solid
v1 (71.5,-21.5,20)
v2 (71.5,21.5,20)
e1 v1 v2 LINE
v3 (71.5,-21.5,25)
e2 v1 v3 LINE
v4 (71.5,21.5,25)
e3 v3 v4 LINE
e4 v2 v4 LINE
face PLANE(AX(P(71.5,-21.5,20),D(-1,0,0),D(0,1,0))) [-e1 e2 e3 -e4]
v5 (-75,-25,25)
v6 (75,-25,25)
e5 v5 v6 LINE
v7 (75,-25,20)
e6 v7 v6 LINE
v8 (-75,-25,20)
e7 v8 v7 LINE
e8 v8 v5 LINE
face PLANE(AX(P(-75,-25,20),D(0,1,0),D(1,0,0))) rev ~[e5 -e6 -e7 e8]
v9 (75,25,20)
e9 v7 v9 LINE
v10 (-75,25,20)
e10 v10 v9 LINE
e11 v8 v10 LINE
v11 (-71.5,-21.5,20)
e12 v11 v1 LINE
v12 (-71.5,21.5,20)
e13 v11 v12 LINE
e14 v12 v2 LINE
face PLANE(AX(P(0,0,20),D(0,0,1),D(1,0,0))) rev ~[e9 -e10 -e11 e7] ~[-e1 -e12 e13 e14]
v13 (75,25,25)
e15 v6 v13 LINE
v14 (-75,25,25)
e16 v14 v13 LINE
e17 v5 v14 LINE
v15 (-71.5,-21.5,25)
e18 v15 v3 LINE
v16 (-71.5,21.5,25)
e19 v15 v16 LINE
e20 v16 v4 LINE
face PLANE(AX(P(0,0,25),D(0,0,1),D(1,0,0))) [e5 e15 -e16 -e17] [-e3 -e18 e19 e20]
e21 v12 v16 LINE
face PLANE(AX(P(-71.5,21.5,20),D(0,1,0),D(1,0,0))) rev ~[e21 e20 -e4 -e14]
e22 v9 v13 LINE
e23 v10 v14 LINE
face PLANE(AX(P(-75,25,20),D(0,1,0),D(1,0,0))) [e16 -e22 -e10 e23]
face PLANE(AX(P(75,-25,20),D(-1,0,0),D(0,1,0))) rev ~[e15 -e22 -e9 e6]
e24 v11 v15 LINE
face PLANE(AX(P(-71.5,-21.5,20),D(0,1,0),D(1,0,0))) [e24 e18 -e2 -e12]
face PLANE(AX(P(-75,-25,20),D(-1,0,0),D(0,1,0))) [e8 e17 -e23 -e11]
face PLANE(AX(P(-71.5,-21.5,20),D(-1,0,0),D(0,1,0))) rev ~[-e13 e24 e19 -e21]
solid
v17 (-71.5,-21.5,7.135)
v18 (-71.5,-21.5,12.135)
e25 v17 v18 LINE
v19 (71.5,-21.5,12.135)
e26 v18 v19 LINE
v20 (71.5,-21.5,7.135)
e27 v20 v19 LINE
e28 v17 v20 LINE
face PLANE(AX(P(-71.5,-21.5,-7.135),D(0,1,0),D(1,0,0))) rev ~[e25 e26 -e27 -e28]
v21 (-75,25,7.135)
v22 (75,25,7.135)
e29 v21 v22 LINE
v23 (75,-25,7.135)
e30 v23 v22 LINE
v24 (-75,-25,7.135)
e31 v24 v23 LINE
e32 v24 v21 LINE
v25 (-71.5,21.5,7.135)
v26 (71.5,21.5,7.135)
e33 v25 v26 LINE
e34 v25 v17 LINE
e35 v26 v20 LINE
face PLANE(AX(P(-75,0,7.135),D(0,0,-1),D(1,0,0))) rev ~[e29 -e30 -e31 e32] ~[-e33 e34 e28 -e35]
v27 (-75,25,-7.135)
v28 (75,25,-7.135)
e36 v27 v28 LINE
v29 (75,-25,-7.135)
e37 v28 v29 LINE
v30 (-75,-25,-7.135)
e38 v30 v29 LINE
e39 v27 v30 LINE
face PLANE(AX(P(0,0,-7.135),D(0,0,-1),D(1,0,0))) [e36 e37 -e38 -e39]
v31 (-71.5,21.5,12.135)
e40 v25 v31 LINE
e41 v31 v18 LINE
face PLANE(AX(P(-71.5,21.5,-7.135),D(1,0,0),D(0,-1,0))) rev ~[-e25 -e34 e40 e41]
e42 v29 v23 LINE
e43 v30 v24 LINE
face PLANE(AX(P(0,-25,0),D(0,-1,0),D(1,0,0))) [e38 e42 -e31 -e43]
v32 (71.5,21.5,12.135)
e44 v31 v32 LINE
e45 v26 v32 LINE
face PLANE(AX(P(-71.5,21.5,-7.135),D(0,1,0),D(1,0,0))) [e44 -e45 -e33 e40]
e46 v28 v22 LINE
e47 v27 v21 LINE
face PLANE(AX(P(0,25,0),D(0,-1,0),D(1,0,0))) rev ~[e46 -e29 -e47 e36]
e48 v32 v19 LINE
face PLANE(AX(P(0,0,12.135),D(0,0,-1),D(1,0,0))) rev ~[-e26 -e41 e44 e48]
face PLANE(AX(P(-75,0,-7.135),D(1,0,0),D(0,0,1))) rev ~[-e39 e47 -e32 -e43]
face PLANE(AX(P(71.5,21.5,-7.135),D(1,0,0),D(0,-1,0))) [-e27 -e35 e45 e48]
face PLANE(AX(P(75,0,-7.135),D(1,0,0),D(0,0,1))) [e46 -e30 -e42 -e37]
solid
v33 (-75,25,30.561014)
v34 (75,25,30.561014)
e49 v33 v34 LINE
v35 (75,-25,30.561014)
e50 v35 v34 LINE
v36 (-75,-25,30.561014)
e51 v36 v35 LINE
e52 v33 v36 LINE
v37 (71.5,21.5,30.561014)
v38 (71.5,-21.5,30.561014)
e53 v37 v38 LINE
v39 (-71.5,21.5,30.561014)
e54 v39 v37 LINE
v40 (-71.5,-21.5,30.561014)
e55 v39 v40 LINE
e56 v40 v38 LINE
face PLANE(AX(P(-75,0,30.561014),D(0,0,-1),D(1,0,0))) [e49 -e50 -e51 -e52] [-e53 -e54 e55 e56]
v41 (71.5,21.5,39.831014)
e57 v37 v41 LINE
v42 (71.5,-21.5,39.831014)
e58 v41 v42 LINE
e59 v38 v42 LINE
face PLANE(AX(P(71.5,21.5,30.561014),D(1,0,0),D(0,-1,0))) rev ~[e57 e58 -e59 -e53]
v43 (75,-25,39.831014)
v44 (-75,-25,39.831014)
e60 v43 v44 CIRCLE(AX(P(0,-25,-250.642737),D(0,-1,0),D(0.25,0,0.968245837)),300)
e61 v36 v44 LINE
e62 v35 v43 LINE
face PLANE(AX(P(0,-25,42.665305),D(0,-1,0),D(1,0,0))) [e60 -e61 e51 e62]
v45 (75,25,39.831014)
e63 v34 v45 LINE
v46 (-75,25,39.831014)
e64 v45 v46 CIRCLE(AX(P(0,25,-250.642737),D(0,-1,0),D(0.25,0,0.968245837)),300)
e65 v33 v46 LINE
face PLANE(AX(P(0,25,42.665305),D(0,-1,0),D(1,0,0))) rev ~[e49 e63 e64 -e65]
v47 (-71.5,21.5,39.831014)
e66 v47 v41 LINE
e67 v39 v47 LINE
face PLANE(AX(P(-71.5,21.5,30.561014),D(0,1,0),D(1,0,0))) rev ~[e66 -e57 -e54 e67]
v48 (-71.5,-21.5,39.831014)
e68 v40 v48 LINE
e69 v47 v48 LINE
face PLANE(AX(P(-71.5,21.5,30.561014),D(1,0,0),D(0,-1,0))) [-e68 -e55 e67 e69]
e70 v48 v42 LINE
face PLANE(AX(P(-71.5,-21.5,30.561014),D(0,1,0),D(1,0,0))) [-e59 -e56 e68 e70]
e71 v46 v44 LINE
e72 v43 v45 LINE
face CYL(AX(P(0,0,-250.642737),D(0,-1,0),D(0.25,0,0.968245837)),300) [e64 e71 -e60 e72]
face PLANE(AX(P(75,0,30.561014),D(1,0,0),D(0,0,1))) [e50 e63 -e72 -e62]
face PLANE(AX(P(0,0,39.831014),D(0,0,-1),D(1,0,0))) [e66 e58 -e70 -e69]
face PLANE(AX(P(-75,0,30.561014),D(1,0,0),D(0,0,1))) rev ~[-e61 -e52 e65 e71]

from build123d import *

# Parameters (mm, degrees)
F0_W      = 150
F0_H      = 14.27
F1_DEPTH  = 25
F2_DEPTH  = 25
F3_W      = 143
F3_H      = 43
F4_DEPTH  = 19.27
F6_W      = 150
F6_H      = 50
F6_W_2    = 143
F6_H_2    = 43
F7_DEPTH  = 5
F8_W      = 150
F8_H      = 9.27
F9_DEPTH  = 25
F10_DEPTH = 25
F11_W     = 143
F11_H     = 43
F12_DEPTH = 9.27


with BuildPart() as f1:
    # F0 (on Front) → F1 (new body)
    with BuildSketch(Plane.XZ):
        Rectangle(F0_W, F0_H)
    extrude(amount=F1_DEPTH)

    # F2 (add): a face of the model
    f2_faces = [f1.faces().sort_by_distance(p)[0] for p in [
        (0, 0, 0),
    ]]
    extrude(f2_faces, amount=F2_DEPTH)

    # F3 (on face) → F4 (join)
    with BuildSketch(Plane(origin=(0, 0, -7.135), x_dir=(1, 0, 0), z_dir=(0, 0, -1))):
        Rectangle(F3_W, F3_H)
    extrude(amount=-F4_DEPTH)


with BuildPart() as f7:
    # F6 (on offset) → F7 (new body)
    with BuildSketch(Plane.XY.offset(20)):
        Rectangle(F6_W, F6_H)
        Rectangle(F6_W_2, F6_H_2, mode=Mode.SUBTRACT)
    extrude(amount=F7_DEPTH)


with BuildPart() as f9:
    # F8 (on Front) → F9 (new body)
    with BuildSketch(Plane.XZ):
        with BuildLine():
            Line((-75, 39.8310137486), (75, 39.8310137486))
            ThreePointArc((75, 39.8310137486), (0, 49.3572627831), (-75, 39.8310137486))
        make_face()
        with Locations((0, 35.1960137486)):
            Rectangle(F8_W, F8_H)
    extrude(amount=F9_DEPTH)

    # F10 (add): a face of the model
    f10_faces = [f9.faces().sort_by_distance(p)[0] for p in [
        (0, 0, 38.6383136313),
    ]]
    extrude(f10_faces, amount=F10_DEPTH)

    # F11 (on face) → F12 (cut)
    with BuildSketch(Plane(origin=(0, 0, 30.5610137486), x_dir=(1, 0, 0), z_dir=(0, 0, -1))):
        Rectangle(F11_W, F11_H)
    extrude(amount=-F12_DEPTH, mode=Mode.SUBTRACT)


solid = Compound([f1.part, f7.part, f9.part])
